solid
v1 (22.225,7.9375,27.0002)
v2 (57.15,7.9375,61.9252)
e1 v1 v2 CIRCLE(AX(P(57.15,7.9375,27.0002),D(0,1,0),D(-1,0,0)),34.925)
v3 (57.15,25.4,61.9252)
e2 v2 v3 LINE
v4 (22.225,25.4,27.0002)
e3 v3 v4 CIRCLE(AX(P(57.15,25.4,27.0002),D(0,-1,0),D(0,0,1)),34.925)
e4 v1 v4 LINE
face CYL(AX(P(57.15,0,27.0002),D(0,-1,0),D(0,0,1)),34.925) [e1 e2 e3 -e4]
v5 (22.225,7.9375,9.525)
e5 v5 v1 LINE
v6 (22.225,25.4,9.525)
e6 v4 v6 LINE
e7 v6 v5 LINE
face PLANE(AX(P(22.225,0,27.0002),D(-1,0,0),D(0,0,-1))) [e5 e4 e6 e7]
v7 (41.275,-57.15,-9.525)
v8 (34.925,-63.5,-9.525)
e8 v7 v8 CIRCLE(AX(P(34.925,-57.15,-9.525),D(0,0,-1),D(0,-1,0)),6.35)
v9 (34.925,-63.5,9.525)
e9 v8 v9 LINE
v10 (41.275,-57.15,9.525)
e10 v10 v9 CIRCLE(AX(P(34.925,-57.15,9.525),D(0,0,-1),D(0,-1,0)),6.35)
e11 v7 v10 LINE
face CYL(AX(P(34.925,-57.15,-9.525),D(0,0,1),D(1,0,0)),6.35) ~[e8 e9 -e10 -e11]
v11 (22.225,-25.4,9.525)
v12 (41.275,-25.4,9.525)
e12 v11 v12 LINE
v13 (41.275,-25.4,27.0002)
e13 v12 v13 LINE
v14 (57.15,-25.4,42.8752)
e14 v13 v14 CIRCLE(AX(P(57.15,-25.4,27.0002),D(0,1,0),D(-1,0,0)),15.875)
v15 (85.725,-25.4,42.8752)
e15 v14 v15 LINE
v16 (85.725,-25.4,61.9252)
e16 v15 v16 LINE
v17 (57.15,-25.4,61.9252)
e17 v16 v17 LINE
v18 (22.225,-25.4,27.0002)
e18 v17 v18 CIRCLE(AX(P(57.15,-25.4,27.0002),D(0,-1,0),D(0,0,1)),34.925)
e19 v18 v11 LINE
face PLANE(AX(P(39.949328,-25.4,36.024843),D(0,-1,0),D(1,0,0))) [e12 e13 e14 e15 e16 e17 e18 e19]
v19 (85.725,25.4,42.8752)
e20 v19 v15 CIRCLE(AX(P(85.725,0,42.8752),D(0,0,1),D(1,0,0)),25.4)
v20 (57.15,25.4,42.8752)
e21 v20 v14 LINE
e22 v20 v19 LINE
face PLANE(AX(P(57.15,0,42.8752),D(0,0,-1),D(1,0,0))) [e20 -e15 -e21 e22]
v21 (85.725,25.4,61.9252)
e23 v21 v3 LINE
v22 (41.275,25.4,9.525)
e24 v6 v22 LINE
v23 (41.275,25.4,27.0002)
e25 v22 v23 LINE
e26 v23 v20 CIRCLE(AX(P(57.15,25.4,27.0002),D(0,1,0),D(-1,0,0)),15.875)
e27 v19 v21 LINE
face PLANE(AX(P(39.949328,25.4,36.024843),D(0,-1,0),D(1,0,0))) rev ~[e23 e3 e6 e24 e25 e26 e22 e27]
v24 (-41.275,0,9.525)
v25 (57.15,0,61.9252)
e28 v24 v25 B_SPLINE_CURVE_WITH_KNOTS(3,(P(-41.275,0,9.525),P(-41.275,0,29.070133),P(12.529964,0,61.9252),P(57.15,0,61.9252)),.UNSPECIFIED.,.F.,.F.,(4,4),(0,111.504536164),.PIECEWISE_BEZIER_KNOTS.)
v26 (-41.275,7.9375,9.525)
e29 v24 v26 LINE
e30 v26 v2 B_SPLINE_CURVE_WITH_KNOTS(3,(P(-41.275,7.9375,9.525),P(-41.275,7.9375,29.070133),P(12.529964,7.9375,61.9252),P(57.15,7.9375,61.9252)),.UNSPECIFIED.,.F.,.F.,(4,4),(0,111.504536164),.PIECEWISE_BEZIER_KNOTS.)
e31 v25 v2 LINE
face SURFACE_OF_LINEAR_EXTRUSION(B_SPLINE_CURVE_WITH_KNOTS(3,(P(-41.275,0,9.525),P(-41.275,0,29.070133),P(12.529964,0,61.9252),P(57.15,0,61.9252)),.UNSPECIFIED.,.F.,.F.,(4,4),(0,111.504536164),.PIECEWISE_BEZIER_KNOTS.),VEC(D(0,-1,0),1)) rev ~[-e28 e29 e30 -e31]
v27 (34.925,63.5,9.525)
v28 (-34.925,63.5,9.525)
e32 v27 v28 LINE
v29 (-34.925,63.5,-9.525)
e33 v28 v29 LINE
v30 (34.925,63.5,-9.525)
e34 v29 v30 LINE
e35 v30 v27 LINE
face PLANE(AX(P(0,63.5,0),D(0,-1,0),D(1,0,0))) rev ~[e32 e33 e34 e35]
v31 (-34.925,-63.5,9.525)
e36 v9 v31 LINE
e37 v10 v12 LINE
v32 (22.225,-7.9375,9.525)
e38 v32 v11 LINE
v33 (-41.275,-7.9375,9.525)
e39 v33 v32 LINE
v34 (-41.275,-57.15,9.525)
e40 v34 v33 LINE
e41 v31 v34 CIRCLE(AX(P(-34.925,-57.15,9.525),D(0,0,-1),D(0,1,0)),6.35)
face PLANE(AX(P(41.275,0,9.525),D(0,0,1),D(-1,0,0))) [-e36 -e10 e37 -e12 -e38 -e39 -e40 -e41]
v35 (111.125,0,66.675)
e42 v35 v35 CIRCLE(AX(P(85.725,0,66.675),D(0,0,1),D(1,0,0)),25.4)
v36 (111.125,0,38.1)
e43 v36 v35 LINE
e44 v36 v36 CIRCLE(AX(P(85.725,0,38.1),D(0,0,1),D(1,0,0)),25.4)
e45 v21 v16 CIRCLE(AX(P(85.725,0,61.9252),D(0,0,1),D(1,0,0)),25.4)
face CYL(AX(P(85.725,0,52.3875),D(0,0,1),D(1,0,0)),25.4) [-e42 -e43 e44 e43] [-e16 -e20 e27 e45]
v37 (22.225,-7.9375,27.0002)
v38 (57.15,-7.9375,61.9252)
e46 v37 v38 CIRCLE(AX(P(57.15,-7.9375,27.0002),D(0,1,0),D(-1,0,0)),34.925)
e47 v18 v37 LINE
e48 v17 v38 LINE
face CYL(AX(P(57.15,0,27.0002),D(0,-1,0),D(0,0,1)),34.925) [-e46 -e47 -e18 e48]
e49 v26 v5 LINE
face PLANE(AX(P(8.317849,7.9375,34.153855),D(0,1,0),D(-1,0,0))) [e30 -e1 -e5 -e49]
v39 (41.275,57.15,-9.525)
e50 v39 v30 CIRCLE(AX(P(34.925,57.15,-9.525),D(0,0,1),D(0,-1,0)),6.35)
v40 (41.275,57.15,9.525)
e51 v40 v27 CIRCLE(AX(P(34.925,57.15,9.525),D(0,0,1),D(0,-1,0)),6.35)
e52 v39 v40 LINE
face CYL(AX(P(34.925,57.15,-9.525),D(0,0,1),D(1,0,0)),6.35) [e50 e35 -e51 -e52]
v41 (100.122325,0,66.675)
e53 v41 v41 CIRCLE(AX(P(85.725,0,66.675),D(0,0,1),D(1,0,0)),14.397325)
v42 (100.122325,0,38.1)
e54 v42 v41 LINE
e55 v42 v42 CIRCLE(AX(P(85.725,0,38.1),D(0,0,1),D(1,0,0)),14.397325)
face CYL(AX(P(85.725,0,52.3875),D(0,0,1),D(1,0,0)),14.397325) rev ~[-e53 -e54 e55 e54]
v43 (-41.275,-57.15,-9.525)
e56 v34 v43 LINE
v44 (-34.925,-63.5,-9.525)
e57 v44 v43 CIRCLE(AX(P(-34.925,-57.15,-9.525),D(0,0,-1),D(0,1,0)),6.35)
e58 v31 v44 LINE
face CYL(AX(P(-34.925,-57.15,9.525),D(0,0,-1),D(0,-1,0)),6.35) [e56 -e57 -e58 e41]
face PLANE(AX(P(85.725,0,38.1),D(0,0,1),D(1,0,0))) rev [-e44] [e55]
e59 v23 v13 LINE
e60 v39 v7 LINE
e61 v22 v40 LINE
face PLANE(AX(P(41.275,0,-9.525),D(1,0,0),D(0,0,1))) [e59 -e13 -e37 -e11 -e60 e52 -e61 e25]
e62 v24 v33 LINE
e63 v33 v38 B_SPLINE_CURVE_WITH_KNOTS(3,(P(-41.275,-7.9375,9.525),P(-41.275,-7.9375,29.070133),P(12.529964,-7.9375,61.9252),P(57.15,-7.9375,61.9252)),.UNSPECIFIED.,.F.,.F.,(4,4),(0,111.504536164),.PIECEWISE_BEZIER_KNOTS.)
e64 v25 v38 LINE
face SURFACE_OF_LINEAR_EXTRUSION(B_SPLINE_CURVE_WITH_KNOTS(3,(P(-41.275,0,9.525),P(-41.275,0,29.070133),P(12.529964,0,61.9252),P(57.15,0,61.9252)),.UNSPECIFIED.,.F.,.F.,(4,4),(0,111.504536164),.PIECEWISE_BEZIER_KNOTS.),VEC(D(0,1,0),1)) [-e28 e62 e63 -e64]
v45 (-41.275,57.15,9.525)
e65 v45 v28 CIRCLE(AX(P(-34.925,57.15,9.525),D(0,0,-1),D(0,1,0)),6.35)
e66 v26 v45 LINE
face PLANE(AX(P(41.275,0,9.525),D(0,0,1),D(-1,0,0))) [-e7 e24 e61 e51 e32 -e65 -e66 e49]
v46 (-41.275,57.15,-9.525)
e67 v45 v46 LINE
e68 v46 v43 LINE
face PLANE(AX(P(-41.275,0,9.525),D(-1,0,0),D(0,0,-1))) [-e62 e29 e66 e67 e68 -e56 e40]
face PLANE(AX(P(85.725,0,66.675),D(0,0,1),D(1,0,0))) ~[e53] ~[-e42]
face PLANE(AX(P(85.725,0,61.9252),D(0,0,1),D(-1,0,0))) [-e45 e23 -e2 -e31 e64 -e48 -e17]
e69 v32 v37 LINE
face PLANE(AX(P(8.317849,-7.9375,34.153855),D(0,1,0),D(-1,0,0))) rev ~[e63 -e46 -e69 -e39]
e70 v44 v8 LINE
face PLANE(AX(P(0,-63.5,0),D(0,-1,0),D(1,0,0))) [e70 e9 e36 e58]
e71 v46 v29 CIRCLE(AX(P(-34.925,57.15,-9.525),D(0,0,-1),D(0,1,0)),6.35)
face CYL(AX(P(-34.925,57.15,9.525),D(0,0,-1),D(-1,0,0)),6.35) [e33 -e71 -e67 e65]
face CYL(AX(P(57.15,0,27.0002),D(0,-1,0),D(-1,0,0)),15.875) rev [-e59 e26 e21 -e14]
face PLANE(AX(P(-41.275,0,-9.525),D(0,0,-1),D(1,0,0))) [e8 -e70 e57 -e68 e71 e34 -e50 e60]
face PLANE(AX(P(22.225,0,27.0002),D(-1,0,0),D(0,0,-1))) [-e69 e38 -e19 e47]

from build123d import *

# Parameters (mm, degrees)
F1_DEPTH = 63.5
F0_W     = 25.4
F0_H     = 19.05
F2_DEPTH = 25.4
F3_DEPTH = 7.9375
F0_W_2   = 11.0026748776
F0_H_2   = 28.575
F5_R     = 6.35


with BuildPart() as f1:
    # F0 (on Front) → F1 (new body, symmetric)
    with BuildSketch(Plane.XZ):
        Polygon((22.225, 9.525), (-41.275, 9.525), (-41.275, -9.525), (41.275, -9.525), (41.275, 9.525), align=None)
    extrude(amount=F1_DEPTH, both=True)

    # F0 (on Front) → F2 (join, symmetric)
    with BuildSketch(Plane.XZ):
        with BuildLine():
            Line((22.225, 27.0002), (22.225, 9.525))
            Line((22.225, 9.525), (41.275, 9.525))
            Line((41.275, 9.525), (41.275, 27.0002))
            ThreePointArc((41.275, 27.0002), (45.9246798487, 38.2255201513), (57.15, 42.8752))
            Line((57.15, 42.8752), (60.325, 42.8752))
            Line((60.325, 42.8752), (60.325, 61.9252))
            Line((60.325, 61.9252), (57.15, 61.9252))
            ThreePointArc((57.15, 61.9252), (32.4542956671, 51.6959043329), (22.225, 27.0002))
        make_face()
        with Locations((73.025, 52.4002)):
            Rectangle(F0_W, F0_H)
    extrude(amount=F2_DEPTH, both=True)

    # F0 (on Front) → F3 (join, symmetric)
    with BuildSketch(Plane.XZ):
        with BuildLine():
            add(Edge.make_bspline(
                [(-41.275, 9.525), (-41.275, 29.0701329026), (12.5299637369, 61.9252), (57.15, 61.9252)],
                knots=[0, 0, 0, 0, 111.5045361635, 111.5045361635, 111.5045361635, 111.5045361635], degree=3))
            Line((-41.275, 9.525), (22.225, 9.525))
            Line((22.225, 9.525), (22.225, 27.0002))
            ThreePointArc((22.225, 27.0002), (32.4542956671, 51.6959043329), (57.15, 61.9252))
        make_face()
    extrude(amount=F3_DEPTH, both=True)

    # F0 (on Front) → F4 (revolve)
    with BuildSketch(Plane.XZ):
        with Locations((105.6236625612, 52.3875)):
            Rectangle(F0_W_2, F0_H_2)
    revolve(axis=Axis((85.725, 0, 52.3875), (0, 0, 1)))

    # F5
    f5_edges = [f1.edges().sort_by_distance(p)[0] for p in [
        (-41.275, -63.5, 0),
        (41.275, -63.5, 0),
        (41.275, 63.5, 0),
        (-41.275, 63.5, 0),
    ]]
    fillet(f5_edges, radius=F5_R)

    # F0 (on Front) → F6 (revolve, cut)
    with BuildSketch(Plane.XZ):
        Polygon((85.725, 66.675), (85.725, 61.9252), (85.725, 42.8752), (85.725, 38.1), (100.1223251224, 38.1), (100.1223251224, 66.675), align=None)
    revolve(axis=Axis((85.725, 0, 52.3875), (0, 0, 1)), mode=Mode.SUBTRACT)


solid = f1.part
